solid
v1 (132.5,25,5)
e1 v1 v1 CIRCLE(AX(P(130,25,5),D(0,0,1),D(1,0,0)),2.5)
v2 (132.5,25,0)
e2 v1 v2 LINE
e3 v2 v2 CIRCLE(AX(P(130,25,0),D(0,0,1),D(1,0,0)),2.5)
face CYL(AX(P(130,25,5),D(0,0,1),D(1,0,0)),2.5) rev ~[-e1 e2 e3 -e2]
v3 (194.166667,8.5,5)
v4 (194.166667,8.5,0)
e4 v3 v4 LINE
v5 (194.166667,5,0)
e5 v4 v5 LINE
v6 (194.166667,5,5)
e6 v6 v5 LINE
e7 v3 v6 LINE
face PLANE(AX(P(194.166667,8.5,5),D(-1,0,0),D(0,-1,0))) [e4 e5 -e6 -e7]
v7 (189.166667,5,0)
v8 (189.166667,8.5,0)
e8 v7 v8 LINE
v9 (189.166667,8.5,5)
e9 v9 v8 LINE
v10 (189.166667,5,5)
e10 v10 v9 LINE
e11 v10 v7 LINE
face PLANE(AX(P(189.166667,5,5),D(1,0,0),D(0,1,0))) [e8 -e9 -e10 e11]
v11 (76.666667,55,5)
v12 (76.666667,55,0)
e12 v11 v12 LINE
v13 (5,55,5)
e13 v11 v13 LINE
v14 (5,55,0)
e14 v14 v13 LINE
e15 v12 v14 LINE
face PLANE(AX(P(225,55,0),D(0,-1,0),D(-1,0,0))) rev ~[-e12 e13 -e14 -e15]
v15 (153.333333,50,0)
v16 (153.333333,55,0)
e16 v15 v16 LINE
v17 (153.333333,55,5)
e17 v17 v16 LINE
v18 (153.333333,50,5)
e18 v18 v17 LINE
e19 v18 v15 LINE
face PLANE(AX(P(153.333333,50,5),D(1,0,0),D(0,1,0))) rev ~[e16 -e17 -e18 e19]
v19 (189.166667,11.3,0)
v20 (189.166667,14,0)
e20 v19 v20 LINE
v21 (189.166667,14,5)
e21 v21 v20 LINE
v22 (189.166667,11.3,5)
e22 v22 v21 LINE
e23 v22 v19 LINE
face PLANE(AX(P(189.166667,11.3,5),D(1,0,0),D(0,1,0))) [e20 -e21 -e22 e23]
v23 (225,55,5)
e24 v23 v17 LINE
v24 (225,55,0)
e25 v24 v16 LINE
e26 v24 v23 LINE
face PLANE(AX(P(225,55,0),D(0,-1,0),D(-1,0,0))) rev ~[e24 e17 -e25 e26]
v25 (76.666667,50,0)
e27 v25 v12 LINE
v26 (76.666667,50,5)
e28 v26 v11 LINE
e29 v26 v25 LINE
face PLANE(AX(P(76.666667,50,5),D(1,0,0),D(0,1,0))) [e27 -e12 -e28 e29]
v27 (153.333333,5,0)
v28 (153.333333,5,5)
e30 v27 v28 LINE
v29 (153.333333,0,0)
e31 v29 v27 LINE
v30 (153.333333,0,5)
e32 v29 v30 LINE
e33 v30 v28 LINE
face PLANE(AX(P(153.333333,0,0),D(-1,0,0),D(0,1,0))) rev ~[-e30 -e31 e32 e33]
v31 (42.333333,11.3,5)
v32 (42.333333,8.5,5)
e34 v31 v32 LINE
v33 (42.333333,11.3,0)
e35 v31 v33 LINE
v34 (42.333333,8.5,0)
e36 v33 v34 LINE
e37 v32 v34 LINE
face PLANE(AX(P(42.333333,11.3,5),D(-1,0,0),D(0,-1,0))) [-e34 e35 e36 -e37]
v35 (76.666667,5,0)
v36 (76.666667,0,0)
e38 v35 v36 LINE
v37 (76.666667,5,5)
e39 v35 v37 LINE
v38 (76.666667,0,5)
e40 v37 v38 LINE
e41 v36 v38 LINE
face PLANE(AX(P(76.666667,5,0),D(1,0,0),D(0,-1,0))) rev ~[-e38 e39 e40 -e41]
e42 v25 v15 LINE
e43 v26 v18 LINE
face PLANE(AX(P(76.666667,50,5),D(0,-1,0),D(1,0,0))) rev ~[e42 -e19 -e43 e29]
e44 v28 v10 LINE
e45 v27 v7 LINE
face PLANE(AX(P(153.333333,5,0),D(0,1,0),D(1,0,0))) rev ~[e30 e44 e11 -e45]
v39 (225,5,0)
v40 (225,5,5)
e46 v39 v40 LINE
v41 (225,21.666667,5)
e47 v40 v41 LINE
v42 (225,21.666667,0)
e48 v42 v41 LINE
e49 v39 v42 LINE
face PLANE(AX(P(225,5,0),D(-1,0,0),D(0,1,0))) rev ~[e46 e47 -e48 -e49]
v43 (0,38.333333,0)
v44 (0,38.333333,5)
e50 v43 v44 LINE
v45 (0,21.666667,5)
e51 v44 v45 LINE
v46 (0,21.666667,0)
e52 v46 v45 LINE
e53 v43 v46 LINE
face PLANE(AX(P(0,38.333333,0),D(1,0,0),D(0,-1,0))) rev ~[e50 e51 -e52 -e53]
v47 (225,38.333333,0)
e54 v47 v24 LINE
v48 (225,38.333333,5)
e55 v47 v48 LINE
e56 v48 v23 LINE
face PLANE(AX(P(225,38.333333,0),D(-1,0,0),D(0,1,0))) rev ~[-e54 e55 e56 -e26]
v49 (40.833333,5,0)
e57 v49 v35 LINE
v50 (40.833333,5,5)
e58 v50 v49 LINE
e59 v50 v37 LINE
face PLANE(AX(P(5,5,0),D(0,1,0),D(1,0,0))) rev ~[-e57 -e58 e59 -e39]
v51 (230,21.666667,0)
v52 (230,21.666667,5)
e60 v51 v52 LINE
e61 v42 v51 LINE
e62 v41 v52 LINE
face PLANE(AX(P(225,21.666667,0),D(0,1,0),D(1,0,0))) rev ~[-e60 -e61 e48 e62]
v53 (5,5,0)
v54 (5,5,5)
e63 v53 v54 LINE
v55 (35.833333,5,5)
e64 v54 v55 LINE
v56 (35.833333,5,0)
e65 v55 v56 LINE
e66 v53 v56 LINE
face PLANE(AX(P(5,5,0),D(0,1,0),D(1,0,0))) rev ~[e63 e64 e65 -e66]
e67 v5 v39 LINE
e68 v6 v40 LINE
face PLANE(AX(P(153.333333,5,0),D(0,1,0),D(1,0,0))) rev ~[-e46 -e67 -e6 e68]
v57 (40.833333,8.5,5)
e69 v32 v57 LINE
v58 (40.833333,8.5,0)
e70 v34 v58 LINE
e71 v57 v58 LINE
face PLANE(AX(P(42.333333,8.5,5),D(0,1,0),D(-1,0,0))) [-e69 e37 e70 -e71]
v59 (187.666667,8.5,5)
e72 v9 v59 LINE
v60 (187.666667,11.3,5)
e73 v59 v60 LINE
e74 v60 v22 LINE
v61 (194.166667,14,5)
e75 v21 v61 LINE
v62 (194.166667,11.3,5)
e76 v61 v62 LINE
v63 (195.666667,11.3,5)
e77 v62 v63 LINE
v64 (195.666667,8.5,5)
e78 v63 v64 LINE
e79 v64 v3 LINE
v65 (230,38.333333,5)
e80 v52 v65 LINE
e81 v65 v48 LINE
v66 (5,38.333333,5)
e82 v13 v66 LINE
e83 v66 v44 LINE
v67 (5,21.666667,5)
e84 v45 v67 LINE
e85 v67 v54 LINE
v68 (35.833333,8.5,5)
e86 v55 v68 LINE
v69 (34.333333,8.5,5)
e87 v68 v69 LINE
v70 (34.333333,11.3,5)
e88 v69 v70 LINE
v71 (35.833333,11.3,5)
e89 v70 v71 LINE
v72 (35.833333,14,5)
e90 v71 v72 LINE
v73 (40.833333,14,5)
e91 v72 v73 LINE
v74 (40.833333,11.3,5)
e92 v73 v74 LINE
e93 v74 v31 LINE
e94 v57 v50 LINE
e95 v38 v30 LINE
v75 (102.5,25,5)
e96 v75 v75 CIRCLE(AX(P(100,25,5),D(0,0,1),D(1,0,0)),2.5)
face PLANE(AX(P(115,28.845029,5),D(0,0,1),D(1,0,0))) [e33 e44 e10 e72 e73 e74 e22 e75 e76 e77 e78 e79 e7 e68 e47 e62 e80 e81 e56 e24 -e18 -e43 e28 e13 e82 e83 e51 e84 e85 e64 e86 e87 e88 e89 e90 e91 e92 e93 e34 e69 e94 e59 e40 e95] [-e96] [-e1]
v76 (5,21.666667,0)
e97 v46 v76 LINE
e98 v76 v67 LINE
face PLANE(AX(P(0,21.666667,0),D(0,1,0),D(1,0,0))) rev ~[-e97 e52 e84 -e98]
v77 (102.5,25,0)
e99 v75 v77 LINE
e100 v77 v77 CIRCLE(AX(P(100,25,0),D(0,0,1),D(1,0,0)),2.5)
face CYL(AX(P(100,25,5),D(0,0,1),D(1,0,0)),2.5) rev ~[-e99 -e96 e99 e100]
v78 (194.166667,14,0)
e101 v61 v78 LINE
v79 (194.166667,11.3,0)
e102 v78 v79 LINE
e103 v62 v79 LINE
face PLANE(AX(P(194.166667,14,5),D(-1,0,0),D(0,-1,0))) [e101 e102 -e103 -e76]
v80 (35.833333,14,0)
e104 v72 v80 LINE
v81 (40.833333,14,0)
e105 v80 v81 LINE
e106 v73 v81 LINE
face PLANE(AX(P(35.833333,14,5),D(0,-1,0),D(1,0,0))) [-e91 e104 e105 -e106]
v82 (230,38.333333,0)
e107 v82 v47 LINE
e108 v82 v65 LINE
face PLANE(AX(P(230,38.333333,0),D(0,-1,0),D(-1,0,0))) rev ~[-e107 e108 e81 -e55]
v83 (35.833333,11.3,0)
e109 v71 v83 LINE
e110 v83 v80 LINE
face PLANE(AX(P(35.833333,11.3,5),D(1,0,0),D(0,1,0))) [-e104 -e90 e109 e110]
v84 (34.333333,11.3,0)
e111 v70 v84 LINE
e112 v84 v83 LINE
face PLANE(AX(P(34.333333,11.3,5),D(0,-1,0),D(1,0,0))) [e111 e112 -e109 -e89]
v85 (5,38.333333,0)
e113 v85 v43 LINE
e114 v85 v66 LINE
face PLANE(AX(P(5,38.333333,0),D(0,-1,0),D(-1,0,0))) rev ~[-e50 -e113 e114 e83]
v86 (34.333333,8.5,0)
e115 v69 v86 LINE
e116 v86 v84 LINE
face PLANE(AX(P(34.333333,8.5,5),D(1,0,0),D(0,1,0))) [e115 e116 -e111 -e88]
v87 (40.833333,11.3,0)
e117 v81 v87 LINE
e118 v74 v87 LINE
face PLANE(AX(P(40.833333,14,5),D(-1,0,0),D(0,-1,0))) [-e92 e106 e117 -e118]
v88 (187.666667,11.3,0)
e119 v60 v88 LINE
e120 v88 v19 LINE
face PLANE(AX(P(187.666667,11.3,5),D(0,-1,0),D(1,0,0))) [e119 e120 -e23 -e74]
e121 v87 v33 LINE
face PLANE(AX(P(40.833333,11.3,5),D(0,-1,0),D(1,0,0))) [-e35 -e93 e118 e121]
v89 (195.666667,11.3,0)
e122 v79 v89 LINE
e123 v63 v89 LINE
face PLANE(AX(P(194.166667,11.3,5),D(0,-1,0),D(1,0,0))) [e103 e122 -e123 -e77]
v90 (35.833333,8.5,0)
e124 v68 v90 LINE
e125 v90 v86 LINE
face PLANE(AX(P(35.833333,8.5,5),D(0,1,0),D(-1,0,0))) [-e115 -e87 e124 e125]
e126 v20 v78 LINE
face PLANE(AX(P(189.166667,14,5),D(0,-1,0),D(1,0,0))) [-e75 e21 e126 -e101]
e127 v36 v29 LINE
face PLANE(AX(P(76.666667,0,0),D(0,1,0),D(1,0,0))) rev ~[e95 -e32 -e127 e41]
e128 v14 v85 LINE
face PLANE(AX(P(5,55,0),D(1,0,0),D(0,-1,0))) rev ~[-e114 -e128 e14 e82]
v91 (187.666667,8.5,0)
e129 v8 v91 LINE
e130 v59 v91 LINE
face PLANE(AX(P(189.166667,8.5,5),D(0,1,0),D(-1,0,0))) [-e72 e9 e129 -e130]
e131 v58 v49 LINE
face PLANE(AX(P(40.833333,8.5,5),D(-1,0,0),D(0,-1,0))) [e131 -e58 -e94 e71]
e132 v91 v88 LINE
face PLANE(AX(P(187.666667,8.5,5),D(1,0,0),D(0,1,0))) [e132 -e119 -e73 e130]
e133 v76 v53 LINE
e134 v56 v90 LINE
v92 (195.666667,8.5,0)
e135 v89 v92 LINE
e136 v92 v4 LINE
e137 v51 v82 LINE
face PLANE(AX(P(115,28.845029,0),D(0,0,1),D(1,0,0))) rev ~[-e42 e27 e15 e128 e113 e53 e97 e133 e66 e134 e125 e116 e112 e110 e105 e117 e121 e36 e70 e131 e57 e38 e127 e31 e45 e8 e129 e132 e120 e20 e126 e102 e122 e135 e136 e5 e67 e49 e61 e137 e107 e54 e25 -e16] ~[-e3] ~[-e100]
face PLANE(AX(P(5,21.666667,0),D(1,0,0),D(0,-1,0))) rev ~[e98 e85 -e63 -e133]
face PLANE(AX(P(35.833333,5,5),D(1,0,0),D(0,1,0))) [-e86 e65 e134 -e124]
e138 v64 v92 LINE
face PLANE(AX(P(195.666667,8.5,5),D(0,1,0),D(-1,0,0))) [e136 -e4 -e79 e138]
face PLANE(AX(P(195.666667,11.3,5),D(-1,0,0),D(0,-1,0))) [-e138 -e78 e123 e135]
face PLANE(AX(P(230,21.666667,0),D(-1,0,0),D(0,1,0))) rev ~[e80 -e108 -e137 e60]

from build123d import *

# Parameters (mm, degrees)
SALIENTE_EXTRUIR1_DEPTH = 5
CORTAR_EXTRUIR1_DEPTH   = 5
CROQUIS3_W              = 76.666666666
CROQUIS3_H              = 5
CORTAR_EXTRUIR2_DEPTH   = 10
CROQUIS4_R              = 2.5
CORTAR_EXTRUIR3_DEPTH   = 10


with BuildPart() as part:
    # Croquis1 → Saliente-Extruir1 (new body)
    with BuildSketch(Plane.XY):
        Polygon((76.666666667, 5), (76.666666667, 0), (153.333333333, 0), (153.333333333, 5), (225, 5), (225, 21.666666667), (230, 21.666666667), (230, 38.333333333), (225, 38.333333333), (225, 55), (5, 55), (5, 38.333333333), (0, 38.333333333), (0, 21.666666667), (5, 21.666666667), (5, 5), align=None)
    extrude(amount=SALIENTE_EXTRUIR1_DEPTH)

    # Croquis2 → Cortar-Extruir1 (cut)
    with BuildSketch(Plane.XY.offset(5)):
        Polygon((35.833333333, 5), (35.833333333, 8.5), (34.333333333, 8.5), (34.333333333, 11.3), (35.833333333, 11.3), (35.833333333, 14), (40.833333333, 14), (40.833333333, 11.3), (42.333333333, 11.3), (42.333333333, 8.5), (40.833333333, 8.5), (40.833333333, 5), align=None)
        Polygon((189.166666667, 5), (189.166666667, 8.5), (187.666666667, 8.5), (187.666666667, 11.3), (189.166666667, 11.3), (189.166666667, 14), (194.166666667, 14), (194.166666667, 11.3), (195.666666667, 11.3), (195.666666667, 8.5), (194.166666667, 8.5), (194.166666667, 5), align=None)
    extrude(amount=-CORTAR_EXTRUIR1_DEPTH, mode=Mode.SUBTRACT)

    # Croquis3 → Cortar-Extruir2 (cut)
    with BuildSketch(Plane.XY.offset(5)):
        with Locations((115, 52.5)):
            Rectangle(CROQUIS3_W, CROQUIS3_H)
    extrude(amount=-CORTAR_EXTRUIR2_DEPTH, mode=Mode.SUBTRACT)

    # Croquis4 → Cortar-Extruir3 (cut)
    with BuildSketch(Plane.XY.offset(5)):
        with Locations((100, 25)):
            Circle(CROQUIS4_R)
        with Locations((130, 25)):
            Circle(CROQUIS4_R)
    extrude(amount=-CORTAR_EXTRUIR3_DEPTH, mode=Mode.SUBTRACT)


solid = part.part
